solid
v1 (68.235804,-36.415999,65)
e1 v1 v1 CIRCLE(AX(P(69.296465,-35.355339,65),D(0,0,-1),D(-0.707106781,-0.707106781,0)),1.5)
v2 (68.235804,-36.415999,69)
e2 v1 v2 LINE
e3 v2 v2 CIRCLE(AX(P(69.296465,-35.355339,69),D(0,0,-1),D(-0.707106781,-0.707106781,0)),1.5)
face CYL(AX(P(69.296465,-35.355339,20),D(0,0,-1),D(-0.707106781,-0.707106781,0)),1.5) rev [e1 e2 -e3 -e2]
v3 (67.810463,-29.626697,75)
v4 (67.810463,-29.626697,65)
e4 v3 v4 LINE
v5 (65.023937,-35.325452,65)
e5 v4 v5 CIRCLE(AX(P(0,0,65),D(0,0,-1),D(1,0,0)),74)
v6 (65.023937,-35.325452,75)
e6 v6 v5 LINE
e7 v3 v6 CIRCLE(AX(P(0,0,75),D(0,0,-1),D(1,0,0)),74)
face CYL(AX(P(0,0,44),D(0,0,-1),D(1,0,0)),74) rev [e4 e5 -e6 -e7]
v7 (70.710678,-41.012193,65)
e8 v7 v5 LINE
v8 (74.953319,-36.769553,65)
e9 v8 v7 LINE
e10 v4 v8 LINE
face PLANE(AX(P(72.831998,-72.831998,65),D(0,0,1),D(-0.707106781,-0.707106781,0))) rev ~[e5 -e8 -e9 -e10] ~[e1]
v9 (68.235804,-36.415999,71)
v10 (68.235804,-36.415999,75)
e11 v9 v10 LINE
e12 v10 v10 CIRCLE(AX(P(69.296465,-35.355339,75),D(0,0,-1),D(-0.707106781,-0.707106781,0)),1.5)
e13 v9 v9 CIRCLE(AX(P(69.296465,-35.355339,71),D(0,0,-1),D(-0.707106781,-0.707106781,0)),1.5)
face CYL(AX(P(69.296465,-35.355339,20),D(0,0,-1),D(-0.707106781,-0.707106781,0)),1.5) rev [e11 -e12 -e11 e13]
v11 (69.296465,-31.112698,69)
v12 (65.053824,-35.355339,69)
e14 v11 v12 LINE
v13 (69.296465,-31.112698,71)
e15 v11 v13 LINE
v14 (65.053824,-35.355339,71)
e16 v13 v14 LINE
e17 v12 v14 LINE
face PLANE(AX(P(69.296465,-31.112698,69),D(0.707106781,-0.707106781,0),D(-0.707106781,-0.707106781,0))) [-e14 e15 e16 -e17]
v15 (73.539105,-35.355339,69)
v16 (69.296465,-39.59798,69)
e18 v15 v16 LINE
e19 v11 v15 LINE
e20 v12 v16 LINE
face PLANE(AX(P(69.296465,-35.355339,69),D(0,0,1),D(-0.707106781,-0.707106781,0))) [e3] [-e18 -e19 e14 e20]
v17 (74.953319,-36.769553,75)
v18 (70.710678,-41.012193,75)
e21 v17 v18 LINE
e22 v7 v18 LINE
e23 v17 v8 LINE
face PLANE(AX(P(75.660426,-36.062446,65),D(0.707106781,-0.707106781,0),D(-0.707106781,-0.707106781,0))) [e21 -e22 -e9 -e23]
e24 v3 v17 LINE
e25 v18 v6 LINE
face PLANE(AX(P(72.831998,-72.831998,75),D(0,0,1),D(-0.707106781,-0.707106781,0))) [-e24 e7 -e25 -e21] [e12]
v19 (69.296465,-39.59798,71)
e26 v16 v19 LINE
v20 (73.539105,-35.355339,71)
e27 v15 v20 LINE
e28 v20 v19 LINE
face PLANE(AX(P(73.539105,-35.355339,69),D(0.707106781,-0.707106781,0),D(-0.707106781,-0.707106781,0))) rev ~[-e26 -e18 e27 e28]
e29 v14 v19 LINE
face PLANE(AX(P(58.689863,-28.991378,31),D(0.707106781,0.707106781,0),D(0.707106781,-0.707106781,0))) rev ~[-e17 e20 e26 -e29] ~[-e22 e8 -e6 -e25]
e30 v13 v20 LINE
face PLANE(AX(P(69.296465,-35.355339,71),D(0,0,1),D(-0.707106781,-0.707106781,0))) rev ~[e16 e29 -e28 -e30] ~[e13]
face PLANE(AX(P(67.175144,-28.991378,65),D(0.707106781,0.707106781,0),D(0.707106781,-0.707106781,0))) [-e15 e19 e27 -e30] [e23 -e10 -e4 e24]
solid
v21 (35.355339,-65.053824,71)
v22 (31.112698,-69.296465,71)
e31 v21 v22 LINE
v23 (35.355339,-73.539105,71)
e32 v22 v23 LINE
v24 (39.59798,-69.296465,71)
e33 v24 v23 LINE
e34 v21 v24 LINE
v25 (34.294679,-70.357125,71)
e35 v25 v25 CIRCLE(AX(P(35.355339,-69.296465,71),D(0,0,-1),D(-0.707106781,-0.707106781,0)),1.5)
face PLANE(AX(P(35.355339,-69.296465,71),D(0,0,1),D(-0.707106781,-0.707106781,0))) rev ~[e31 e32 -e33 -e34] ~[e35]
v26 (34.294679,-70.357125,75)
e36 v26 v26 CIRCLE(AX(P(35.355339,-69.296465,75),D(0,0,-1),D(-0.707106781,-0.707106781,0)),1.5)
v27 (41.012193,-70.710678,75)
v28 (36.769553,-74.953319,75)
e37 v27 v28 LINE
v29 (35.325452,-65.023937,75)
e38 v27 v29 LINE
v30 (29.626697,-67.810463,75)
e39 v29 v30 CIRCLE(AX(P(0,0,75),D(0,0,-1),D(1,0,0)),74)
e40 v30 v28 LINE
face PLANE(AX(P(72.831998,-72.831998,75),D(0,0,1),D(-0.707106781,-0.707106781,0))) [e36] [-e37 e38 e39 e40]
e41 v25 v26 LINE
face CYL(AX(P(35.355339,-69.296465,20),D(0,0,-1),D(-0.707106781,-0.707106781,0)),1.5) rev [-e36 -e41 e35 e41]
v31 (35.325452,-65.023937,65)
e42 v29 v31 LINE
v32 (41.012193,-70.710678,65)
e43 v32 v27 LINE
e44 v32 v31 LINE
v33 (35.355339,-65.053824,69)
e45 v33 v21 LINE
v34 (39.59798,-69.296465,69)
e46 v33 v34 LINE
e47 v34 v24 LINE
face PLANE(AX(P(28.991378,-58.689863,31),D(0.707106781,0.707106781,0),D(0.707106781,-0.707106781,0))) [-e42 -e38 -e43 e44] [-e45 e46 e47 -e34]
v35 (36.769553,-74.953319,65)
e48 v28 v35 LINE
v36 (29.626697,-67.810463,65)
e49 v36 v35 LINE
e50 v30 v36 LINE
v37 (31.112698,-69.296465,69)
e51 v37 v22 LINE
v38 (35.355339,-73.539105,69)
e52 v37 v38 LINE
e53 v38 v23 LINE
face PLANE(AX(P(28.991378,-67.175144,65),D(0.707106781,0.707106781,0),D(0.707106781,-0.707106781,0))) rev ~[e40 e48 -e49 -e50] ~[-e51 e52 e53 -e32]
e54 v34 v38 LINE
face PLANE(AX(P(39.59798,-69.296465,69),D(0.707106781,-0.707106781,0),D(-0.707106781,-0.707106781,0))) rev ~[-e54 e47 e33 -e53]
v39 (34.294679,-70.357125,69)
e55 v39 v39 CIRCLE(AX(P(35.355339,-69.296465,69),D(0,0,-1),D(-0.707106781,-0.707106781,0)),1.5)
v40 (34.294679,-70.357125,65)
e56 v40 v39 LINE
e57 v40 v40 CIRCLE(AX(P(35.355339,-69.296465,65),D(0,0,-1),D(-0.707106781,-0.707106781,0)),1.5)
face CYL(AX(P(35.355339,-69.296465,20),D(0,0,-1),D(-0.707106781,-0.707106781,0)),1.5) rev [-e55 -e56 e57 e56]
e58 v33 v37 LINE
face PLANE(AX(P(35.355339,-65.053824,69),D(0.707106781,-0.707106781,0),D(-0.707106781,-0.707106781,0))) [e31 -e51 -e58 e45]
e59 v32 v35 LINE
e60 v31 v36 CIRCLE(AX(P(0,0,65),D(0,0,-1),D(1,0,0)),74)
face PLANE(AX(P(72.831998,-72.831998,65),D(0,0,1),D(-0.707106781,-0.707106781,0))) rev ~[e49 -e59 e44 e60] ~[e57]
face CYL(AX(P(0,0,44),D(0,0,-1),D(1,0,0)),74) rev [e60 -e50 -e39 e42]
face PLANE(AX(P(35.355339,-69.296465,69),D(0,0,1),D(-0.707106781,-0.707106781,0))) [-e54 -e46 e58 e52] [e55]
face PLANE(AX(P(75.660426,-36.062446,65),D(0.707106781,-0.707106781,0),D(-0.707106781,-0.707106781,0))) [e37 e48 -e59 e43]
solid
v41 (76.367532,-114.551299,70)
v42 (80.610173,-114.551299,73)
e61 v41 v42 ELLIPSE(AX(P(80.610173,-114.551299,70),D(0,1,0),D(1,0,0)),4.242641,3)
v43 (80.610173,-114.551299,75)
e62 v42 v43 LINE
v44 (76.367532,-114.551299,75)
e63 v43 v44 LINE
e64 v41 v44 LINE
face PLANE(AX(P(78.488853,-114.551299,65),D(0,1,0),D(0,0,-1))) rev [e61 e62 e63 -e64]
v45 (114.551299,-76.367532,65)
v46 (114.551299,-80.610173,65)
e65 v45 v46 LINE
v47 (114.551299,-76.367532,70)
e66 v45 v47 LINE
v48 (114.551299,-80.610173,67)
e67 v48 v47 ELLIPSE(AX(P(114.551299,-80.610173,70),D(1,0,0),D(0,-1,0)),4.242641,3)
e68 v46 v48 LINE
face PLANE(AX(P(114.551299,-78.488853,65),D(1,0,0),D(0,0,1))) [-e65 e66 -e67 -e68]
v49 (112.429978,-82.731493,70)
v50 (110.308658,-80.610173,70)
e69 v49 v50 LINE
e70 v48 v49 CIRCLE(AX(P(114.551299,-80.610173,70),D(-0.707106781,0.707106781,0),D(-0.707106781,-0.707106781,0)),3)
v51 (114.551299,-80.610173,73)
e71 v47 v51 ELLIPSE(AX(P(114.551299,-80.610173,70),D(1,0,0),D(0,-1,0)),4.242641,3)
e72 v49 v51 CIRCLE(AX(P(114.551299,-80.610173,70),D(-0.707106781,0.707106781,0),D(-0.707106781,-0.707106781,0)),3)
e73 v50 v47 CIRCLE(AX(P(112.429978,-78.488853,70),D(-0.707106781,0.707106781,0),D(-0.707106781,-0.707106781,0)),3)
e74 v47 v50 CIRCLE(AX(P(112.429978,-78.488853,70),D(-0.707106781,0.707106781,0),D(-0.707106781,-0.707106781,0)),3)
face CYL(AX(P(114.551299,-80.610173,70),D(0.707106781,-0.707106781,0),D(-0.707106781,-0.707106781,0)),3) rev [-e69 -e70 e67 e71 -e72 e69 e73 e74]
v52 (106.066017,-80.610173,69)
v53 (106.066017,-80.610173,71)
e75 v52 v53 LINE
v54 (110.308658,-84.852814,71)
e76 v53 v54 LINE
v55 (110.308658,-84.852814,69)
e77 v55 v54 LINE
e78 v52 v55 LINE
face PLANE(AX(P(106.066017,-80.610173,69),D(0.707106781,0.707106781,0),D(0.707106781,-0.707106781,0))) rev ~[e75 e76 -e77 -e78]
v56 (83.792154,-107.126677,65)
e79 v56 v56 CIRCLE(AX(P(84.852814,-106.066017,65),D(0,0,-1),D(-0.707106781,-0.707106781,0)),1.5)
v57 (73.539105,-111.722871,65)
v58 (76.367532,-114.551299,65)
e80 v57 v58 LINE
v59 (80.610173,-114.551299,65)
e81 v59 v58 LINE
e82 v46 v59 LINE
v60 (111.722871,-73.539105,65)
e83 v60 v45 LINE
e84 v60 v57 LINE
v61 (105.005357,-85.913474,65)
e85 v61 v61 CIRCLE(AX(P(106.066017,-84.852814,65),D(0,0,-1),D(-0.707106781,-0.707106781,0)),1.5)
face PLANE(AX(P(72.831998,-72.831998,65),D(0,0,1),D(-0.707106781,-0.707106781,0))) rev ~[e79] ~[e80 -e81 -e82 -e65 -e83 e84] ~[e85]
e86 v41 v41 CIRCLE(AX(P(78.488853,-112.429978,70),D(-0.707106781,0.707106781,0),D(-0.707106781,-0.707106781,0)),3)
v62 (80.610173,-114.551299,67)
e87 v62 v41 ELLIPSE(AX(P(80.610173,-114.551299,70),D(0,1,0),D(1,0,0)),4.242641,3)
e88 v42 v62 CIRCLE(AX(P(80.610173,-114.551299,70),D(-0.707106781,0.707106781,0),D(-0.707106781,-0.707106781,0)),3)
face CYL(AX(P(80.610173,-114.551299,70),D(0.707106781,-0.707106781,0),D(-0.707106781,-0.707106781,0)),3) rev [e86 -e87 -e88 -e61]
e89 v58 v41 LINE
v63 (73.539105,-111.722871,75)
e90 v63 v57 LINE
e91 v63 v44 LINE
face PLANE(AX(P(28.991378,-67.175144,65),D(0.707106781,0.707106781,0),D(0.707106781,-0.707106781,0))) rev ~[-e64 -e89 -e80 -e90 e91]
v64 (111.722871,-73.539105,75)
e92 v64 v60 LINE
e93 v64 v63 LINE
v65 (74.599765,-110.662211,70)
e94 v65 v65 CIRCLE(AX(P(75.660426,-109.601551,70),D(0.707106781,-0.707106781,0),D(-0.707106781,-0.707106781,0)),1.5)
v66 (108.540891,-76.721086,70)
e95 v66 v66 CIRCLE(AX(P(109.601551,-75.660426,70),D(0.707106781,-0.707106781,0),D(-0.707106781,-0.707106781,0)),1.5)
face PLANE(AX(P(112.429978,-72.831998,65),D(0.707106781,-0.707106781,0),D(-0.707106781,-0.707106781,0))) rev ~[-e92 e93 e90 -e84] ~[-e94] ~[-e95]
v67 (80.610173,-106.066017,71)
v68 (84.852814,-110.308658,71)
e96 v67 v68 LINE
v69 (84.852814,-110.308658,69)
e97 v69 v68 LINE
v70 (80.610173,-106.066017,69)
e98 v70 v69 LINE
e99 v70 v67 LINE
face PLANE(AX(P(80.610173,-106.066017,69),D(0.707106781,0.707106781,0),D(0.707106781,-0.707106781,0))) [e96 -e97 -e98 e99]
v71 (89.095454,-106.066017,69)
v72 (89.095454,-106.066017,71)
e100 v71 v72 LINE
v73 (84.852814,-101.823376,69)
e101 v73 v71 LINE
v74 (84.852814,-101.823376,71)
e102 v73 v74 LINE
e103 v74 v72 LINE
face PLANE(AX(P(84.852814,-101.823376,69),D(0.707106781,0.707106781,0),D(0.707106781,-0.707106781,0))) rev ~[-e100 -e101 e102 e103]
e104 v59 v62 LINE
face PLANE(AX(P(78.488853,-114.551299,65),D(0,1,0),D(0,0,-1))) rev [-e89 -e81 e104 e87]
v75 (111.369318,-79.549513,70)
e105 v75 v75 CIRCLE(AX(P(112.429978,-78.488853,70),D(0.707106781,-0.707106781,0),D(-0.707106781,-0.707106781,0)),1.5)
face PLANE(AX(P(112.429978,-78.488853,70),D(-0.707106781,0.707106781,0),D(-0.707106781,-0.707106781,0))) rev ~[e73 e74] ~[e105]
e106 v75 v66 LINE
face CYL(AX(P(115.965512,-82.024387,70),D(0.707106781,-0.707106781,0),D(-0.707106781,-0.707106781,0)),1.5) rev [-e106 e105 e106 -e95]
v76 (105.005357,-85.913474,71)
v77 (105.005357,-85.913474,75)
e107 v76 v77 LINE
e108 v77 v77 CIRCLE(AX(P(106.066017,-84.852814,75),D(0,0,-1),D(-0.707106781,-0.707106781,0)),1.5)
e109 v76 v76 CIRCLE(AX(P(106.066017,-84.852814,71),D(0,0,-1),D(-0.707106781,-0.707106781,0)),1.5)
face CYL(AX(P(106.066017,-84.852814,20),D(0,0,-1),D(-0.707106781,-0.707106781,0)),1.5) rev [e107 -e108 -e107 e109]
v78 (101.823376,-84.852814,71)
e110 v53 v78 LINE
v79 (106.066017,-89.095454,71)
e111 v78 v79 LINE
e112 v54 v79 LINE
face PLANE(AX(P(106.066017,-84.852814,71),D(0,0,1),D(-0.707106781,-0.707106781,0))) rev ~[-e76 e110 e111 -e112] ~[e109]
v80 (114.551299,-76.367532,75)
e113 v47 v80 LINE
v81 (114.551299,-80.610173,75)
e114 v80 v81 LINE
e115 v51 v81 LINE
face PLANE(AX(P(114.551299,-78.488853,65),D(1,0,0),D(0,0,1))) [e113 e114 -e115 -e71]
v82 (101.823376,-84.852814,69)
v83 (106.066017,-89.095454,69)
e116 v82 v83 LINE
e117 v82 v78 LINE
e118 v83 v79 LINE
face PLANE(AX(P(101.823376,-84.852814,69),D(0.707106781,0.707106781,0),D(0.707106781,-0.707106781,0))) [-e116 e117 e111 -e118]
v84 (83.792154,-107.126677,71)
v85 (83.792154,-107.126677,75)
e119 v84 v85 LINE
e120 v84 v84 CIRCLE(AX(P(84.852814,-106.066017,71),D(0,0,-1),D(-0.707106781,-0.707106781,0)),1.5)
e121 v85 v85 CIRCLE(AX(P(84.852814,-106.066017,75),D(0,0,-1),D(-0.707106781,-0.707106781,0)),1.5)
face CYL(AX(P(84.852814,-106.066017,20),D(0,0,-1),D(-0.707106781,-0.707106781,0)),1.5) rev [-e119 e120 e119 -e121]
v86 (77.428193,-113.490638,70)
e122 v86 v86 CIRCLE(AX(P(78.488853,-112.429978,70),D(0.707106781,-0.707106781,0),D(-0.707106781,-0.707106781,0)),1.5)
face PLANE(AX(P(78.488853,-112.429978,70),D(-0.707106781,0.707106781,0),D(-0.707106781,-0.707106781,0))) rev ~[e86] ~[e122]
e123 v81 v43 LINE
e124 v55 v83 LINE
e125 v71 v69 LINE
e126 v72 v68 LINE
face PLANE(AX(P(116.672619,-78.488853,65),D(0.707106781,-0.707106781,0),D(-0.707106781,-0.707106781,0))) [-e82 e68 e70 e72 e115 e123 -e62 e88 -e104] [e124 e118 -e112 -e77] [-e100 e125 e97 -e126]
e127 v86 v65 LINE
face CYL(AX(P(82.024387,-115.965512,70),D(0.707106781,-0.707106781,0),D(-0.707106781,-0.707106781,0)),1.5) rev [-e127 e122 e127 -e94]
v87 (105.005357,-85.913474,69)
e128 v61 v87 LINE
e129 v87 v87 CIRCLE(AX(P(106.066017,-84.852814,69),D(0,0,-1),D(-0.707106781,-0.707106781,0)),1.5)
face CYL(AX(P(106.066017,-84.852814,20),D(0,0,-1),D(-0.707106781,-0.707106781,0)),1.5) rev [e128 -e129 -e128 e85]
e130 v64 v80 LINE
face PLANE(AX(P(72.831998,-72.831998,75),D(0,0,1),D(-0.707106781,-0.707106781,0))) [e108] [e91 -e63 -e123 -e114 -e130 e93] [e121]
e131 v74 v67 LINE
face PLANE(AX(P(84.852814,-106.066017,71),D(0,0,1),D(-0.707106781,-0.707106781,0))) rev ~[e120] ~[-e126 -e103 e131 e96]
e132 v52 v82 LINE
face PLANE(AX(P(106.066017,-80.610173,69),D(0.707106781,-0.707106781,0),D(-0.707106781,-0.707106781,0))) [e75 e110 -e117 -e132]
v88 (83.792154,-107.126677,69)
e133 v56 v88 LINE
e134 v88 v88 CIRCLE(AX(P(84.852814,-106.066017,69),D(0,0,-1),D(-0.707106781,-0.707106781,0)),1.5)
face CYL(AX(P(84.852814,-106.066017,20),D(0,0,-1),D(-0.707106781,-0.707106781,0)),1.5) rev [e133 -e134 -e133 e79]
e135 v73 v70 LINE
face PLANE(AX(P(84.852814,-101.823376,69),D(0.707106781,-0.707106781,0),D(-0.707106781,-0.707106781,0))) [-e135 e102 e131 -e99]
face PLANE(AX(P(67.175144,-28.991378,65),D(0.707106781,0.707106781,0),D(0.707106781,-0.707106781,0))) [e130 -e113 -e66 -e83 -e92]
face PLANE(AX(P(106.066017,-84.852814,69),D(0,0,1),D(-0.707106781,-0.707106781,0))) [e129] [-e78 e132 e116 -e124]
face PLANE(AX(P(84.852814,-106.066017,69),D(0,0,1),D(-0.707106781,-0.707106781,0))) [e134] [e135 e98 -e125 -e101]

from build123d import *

# Parameters (mm, degrees)
CYLINDER2001_R               = 1.5
CYLINDER2001_DEPTH           = 60
CYLINDER1998_R               = 1.5
CYLINDER1998_DEPTH           = 60
CYLINDER1999_R               = 1.5
CYLINDER1999_DEPTH           = 60
CYLINDER2000_R               = 1.5
CYLINDER2000_DEPTH           = 60
COMPOUND1080_PLACEMENT_ANGLE = 225
CYLINDER1762_R               = 1.5
CYLINDER1762_DEPTH           = 50
COMPOUND894_PLACEMENT_ANGLE  = 225
CYLINDER1761_R               = 1.5
CYLINDER1761_DEPTH           = 50
COMPOUND893_PLACEMENT_ANGLE  = 225
CYLINDER1764_R               = 3
CYLINDER1764_DEPTH           = 3
COMPOUND897_PLACEMENT_ANGLE  = 225
CYLINDER1763_R               = 3
CYLINDER1763_DEPTH           = 3
COMPOUND896_PLACEMENT_ANGLE  = 225
BOX716_W                     = 6
BOX716_H                     = 6
BOX716_DEPTH                 = 2
BOX714_W                     = 6
BOX714_H                     = 6
BOX714_DEPTH                 = 2
BOX717_W                     = 6
BOX717_H                     = 6
BOX717_DEPTH                 = 2
BOX715_W                     = 6
BOX715_H                     = 6
BOX715_DEPTH                 = 2
COMPOUND899_PLACEMENT_ANGLE  = 225
CYLINDER1760_R               = 74
CYLINDER1760_DEPTH           = 40
BOX713_W                     = 42
BOX713_H                     = 62
BOX713_DEPTH                 = 50
COMPOUND892_PLACEMENT_ANGLE  = 225
BOX712_W                     = 56
BOX712_H                     = 52
BOX712_DEPTH                 = 10
COMPOUND891_PLACEMENT_ANGLE  = 225
BOX711_W                     = 54
BOX711_H                     = 70
BOX711_DEPTH                 = 10
COMPOUND890_PLACEMENT_ANGLE  = 225
CHAMFER_SIZE                 = 3


with BuildPart() as v_lec2001:
    # Cylinder2001 → Cylinder2001 (new body)
    with BuildSketch(Plane(origin=(-24, 74, -80), x_dir=(1, 0, 0), z_dir=(0, 0, 1))):
        Circle(CYLINDER2001_R)
    extrude(amount=CYLINDER2001_DEPTH)


with BuildPart() as v_lec1998:
    # Cylinder1998 → Cylinder1998 (new body)
    with BuildSketch(Plane(origin=(-15, 135, -80), x_dir=(1, 0, 0), z_dir=(0, 0, 1))):
        Circle(CYLINDER1998_R)
    extrude(amount=CYLINDER1998_DEPTH)


with BuildPart() as v_lec1999:
    # Cylinder1999 → Cylinder1999 (new body)
    with BuildSketch(Plane(origin=(15, 135, -80), x_dir=(1, 0, 0), z_dir=(0, 0, 1))):
        Circle(CYLINDER1999_R)
    extrude(amount=CYLINDER1999_DEPTH)


with BuildPart() as compound1080:
    # Cylinder2000 → Cylinder2000 (new body)
    with BuildSketch(Plane(origin=(24, 74, -80), x_dir=(1, 0, 0), z_dir=(0, 0, 1))):
        Circle(CYLINDER2000_R)
    extrude(amount=CYLINDER2000_DEPTH)

    # Compound1080: union Válec2001, Válec1998, Válec1999
    add(v_lec2001.part)
    add(v_lec1998.part)
    add(v_lec1999.part)


with BuildPart() as compound1080_1:
    # Compound1080 placement: moved
    add(compound1080.part.moved(Location((0, 0, 100))).rotate(Axis((0, 0, 100), (0, 0, 1)), COMPOUND1080_PLACEMENT_ANGLE))


with BuildPart() as compound894:
    # Cylinder1762 → Cylinder1762 (new body)
    with BuildSketch(Plane(origin=(24, 140, 72), x_dir=(1, 0, 0), z_dir=(0, -1, 0))):
        Circle(CYLINDER1762_R)
    extrude(amount=CYLINDER1762_DEPTH)


with BuildPart() as compound894_1:
    # Compound894 placement: moved
    add(compound894.part.rotate(Axis((0, 0, 0), (0, 0, 1)), COMPOUND894_PLACEMENT_ANGLE))


with BuildPart() as compound895:
    # Cylinder1761 → Cylinder1761 (new body)
    with BuildSketch(Plane(origin=(-24, 140, 72), x_dir=(1, 0, 0), z_dir=(0, -1, 0))):
        Circle(CYLINDER1761_R)
    extrude(amount=CYLINDER1761_DEPTH)


with BuildPart() as compound895_1:
    # Compound893 placement: moved
    add(compound895.part.rotate(Axis((0, 0, 0), (0, 0, 1)), COMPOUND893_PLACEMENT_ANGLE))

    # Compound895: union Compound894
    add(compound894_1.part)


with BuildPart() as compound895_2:
    # Compound895 placement: moved
    add(compound895_1.part.moved(Location((0, 0, -2))))


with BuildPart() as compound897:
    # Cylinder1764 → Cylinder1764 (new body)
    with BuildSketch(Plane(origin=(24, 138, 72), x_dir=(1, 0, 0), z_dir=(0, -1, 0))):
        Circle(CYLINDER1764_R)
    extrude(amount=CYLINDER1764_DEPTH)


with BuildPart() as compound897_1:
    # Compound897 placement: moved
    add(compound897.part.rotate(Axis((0, 0, 0), (0, 0, 1)), COMPOUND897_PLACEMENT_ANGLE))


with BuildPart() as compound898:
    # Cylinder1763 → Cylinder1763 (new body)
    with BuildSketch(Plane(origin=(-24, 138, 72), x_dir=(1, 0, 0), z_dir=(0, -1, 0))):
        Circle(CYLINDER1763_R)
    extrude(amount=CYLINDER1763_DEPTH)


with BuildPart() as compound898_1:
    # Compound896 placement: moved
    add(compound898.part.rotate(Axis((0, 0, 0), (0, 0, 1)), COMPOUND896_PLACEMENT_ANGLE))

    # Compound898: union Compound897
    add(compound897_1.part)


with BuildPart() as compound898_2:
    # Compound898 placement: moved
    add(compound898_1.part.moved(Location((0, 0, -2))))


with BuildPart() as krychle716:
    # Box716 → Box716 (new body)
    with BuildSketch(Plane(origin=(-18, 132, -48), x_dir=(1, 0, 0), z_dir=(0, 0, 1))):
        with Locations((3, 3)):
            Rectangle(BOX716_W, BOX716_H)
    extrude(amount=BOX716_DEPTH)


with BuildPart() as krychle714:
    # Box714 → Box714 (new body)
    with BuildSketch(Plane(origin=(21, 71, -48), x_dir=(1, 0, 0), z_dir=(0, 0, 1))):
        with Locations((3, 3)):
            Rectangle(BOX714_W, BOX714_H)
    extrude(amount=BOX714_DEPTH)


with BuildPart() as krychle717:
    # Box717 → Box717 (new body)
    with BuildSketch(Plane(origin=(12, 132, -48), x_dir=(1, 0, 0), z_dir=(0, 0, 1))):
        with Locations((3, 3)):
            Rectangle(BOX717_W, BOX717_H)
    extrude(amount=BOX717_DEPTH)


with BuildPart() as compound899:
    # Box715 → Box715 (new body)
    with BuildSketch(Plane(origin=(-27, 71, -48), x_dir=(1, 0, 0), z_dir=(0, 0, 1))):
        with Locations((3, 3)):
            Rectangle(BOX715_W, BOX715_H)
    extrude(amount=BOX715_DEPTH)

    # Compound899: union Krychle716, Krychle714, Krychle717
    add(krychle716.part)
    add(krychle714.part)
    add(krychle717.part)


with BuildPart() as compound899_1:
    # Compound899 placement: moved
    add(compound899.part.moved(Location((0, 0, 117))).rotate(Axis((0, 0, 117), (0, 0, 1)), COMPOUND899_PLACEMENT_ANGLE))


with BuildPart() as v_lec1760:
    # Cylinder1760 → Cylinder1760 (new body)
    with BuildSketch(Plane.XY.offset(44)):
        Circle(CYLINDER1760_R)
    extrude(amount=CYLINDER1760_DEPTH)


with BuildPart() as compound892:
    # Box713 → Box713 (new body)
    with BuildSketch(Plane(origin=(-21, 62, 31), x_dir=(1, 0, 0), z_dir=(0, 0, 1))):
        with Locations((21, 31)):
            Rectangle(BOX713_W, BOX713_H)
    extrude(amount=BOX713_DEPTH)


with BuildPart() as compound892_1:
    # Compound892 placement: moved
    add(compound892.part.rotate(Axis((0, 0, 0), (0, 0, 1)), COMPOUND892_PLACEMENT_ANGLE))


with BuildPart() as compound891:
    # Box712 → Box712 (new body)
    with BuildSketch(Plane(origin=(-28, 79, 75), x_dir=(1, 0, 0), z_dir=(0, 0, 1))):
        with Locations((28, 26)):
            Rectangle(BOX712_W, BOX712_H)
    extrude(amount=BOX712_DEPTH)


with BuildPart() as compound891_1:
    # Compound891 placement: moved
    add(compound891.part.moved(Location((0, 0, -10))).rotate(Axis((0, 0, -10), (0, 0, 1)), COMPOUND891_PLACEMENT_ANGLE))


with BuildPart() as cut674:
    # Box711 → Box711 (new body)
    with BuildSketch(Plane(origin=(-27, 68, 75), x_dir=(1, 0, 0), z_dir=(0, 0, 1))):
        with Locations((27, 35)):
            Rectangle(BOX711_W, BOX711_H)
    extrude(amount=BOX711_DEPTH)


with BuildPart() as cut674_1:
    # Compound890 placement: moved
    add(cut674.part.moved(Location((0, 0, -10))).rotate(Axis((0, 0, -10), (0, 0, 1)), COMPOUND890_PLACEMENT_ANGLE))

    # Cut522: cut Compound891
    add(compound891_1.part, mode=Mode.SUBTRACT)

    # Cut523: cut Compound892
    add(compound892_1.part, mode=Mode.SUBTRACT)

    # Cut524: cut Válec1760
    add(v_lec1760.part, mode=Mode.SUBTRACT)

    # Cut528: cut Compound899
    add(compound899_1.part, mode=Mode.SUBTRACT)

    # Chamfer
    chamfer_edges = [cut674_1.edges().sort_by_distance(p)[0] for p in [
        (116.672619, -78.488853, 70),
        (78.488853, -116.672619, 70),
    ]]
    chamfer(chamfer_edges, length=CHAMFER_SIZE)

    # Cut529: cut Compound898
    add(compound898_2.part, mode=Mode.SUBTRACT)

    # Cut530: cut Compound895
    add(compound895_2.part, mode=Mode.SUBTRACT)

    # Cut674: cut Compound1080
    add(compound1080_1.part, mode=Mode.SUBTRACT)


solid = cut674_1.part
